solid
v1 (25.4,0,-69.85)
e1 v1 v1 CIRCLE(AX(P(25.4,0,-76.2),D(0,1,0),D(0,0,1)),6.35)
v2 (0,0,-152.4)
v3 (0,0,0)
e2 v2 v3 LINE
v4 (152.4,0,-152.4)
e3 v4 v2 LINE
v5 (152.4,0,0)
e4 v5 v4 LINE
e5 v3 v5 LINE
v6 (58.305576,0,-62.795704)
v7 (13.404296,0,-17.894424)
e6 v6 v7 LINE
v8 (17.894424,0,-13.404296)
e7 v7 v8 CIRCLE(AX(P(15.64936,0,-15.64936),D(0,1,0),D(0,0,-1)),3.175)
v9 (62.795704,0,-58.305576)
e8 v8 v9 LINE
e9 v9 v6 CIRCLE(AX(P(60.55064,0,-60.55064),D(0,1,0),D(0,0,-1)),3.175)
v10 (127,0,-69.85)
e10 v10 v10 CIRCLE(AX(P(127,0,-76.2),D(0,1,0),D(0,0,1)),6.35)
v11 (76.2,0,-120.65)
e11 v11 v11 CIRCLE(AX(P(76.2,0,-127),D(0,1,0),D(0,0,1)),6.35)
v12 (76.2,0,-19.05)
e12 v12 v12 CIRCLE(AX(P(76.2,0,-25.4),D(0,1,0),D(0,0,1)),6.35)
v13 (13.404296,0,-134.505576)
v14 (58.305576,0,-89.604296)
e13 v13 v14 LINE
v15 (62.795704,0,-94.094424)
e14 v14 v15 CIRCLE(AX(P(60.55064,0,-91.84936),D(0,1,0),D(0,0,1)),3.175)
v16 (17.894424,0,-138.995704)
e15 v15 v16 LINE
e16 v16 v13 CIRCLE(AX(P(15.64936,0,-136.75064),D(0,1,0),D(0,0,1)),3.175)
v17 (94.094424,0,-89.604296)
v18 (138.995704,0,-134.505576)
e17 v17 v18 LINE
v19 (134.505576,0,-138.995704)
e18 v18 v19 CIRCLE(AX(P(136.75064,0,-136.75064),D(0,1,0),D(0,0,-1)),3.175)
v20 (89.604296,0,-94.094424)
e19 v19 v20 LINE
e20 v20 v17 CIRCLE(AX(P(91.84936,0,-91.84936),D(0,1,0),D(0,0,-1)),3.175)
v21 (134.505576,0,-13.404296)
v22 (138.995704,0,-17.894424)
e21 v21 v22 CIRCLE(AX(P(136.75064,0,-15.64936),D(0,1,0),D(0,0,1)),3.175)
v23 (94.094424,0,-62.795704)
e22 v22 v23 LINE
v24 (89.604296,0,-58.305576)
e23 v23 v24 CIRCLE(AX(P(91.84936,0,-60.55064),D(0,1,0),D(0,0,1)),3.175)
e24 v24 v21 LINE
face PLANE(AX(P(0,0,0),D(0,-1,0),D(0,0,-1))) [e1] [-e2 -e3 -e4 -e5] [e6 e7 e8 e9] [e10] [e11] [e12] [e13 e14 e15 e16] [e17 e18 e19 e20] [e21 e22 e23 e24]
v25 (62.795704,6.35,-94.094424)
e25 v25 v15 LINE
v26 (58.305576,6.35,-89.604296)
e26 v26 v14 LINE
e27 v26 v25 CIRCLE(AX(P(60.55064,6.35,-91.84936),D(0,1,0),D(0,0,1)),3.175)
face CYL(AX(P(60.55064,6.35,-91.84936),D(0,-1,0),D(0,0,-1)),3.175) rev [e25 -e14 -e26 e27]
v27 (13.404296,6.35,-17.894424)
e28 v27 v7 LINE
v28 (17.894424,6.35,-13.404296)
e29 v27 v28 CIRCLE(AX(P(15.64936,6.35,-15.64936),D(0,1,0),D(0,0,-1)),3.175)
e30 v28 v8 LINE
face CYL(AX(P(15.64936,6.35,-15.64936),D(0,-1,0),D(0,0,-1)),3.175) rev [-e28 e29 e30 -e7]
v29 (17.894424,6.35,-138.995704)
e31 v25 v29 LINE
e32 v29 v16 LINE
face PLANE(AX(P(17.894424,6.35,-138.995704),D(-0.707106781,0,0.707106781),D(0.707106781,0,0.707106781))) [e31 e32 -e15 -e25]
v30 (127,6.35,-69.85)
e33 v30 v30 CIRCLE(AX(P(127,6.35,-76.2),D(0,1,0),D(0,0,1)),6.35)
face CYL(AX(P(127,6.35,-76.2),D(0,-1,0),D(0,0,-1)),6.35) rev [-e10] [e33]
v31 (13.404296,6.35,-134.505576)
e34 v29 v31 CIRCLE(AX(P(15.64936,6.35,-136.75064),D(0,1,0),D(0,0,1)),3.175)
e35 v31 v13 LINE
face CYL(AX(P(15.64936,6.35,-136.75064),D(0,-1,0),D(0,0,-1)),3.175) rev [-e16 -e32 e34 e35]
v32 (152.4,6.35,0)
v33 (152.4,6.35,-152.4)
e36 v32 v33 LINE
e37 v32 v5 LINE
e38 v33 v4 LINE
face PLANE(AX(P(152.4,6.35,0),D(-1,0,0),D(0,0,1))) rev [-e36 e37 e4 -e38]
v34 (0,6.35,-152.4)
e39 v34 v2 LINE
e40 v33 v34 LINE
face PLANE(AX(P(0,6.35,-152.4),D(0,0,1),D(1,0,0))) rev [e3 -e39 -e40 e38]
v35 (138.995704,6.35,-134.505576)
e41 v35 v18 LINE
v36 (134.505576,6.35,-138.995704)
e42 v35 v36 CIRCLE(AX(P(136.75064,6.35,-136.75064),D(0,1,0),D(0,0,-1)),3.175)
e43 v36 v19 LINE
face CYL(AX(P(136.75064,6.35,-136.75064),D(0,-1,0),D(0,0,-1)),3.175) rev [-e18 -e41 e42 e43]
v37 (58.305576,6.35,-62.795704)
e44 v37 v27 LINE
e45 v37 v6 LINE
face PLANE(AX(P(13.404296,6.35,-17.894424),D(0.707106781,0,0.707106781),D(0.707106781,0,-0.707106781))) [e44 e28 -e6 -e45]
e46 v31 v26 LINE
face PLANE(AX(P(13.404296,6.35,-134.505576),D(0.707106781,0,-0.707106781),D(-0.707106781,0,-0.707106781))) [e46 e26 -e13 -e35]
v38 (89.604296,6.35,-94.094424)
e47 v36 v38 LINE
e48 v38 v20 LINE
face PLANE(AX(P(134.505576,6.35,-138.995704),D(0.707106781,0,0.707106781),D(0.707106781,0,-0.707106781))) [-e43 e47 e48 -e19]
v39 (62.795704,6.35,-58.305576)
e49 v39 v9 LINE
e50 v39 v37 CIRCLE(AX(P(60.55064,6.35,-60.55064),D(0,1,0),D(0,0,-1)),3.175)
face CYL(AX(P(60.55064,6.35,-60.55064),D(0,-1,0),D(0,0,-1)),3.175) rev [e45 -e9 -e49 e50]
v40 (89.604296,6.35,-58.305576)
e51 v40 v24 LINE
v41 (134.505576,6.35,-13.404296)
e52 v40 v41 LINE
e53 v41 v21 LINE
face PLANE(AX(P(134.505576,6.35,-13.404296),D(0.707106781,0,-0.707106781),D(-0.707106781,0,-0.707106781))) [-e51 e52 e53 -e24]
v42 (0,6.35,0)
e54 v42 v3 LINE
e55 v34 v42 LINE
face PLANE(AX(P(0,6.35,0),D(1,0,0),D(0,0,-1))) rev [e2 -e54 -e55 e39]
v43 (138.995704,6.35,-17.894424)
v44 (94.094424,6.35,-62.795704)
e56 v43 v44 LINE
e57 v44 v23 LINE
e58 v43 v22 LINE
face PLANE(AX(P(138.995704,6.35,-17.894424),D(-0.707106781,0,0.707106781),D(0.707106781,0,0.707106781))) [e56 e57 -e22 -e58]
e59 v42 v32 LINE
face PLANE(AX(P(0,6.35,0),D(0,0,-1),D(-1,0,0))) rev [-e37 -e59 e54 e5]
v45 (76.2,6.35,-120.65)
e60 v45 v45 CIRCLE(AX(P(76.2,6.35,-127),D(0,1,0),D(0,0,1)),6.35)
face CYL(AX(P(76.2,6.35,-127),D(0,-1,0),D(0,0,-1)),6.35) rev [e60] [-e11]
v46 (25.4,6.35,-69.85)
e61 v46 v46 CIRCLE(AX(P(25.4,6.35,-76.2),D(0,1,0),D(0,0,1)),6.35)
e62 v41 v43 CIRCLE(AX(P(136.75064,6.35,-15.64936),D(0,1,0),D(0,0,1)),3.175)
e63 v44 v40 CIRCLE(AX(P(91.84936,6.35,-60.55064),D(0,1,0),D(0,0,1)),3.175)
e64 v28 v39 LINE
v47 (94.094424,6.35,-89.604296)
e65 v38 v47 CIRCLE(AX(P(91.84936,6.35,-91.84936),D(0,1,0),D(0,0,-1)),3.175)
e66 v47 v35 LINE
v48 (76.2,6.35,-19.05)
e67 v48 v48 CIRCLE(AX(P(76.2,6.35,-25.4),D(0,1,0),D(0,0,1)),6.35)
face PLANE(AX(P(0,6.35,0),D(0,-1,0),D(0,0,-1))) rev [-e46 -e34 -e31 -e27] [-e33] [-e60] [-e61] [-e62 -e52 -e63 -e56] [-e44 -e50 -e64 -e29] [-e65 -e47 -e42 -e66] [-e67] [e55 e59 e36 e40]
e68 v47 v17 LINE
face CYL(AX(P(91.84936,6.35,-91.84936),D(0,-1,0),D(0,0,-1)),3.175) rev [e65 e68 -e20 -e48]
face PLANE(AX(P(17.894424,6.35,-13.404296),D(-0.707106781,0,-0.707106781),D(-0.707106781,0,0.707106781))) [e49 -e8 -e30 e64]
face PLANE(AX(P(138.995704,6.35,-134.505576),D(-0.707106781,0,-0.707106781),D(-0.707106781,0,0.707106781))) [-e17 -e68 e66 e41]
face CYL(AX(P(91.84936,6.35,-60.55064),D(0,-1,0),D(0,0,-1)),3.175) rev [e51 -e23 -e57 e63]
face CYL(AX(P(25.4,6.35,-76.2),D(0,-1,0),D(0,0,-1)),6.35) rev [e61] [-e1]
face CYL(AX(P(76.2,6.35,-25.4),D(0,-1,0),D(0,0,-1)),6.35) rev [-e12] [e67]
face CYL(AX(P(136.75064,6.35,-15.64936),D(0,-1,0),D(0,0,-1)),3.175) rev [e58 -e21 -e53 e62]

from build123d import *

# Parameters (mm, degrees)
SKETCH1_W           = 152.4
SKETCH1_H           = 152.4
SKETCH1_R           = 6.35
BOSS_EXTRUDE1_DEPTH = 6.35


with BuildPart() as part:
    # Sketch1 → Boss-Extrude1 (new body)
    with BuildSketch(Plane(origin=(0, 0, 0), x_dir=(1, 0, 0), z_dir=(0, 1, 0))):
        with Locations((76.2, 76.2)):
            Rectangle(SKETCH1_W, SKETCH1_H)
        with Locations(Location((25.4, 76.2, 0), (0, 0, 270))):
            Circle(SKETCH1_R, mode=Mode.SUBTRACT)
        with Locations(Location((76.2, 127, 0), (0, 0, 270))):
            Circle(SKETCH1_R, mode=Mode.SUBTRACT)
        with Locations(Location((127, 76.2, 0), (0, 0, 270))):
            Circle(SKETCH1_R, mode=Mode.SUBTRACT)
        with Locations(Location((76.2, 25.4, 0), (0, 0, 270))):
            Circle(SKETCH1_R, mode=Mode.SUBTRACT)
        with BuildLine():
            Line((17.894423728, 138.995704333), (62.795704333, 94.094423728))
            ThreePointArc((62.795704333, 94.094423728), (62.795704333, 89.604295667), (58.305576272, 89.604295667))
            Line((58.305576272, 89.604295667), (13.404295667, 134.505576272))
            ThreePointArc((13.404295667, 134.505576272), (13.404295667, 138.995704333), (17.894423728, 138.995704333))
        make_face(mode=Mode.SUBTRACT)
        with BuildLine():
            Line((134.505576272, 138.995704333), (89.604295667, 94.094423728))
            ThreePointArc((89.604295667, 94.094423728), (89.604295667, 89.604295667), (94.094423728, 89.604295667))
            Line((94.094423728, 89.604295667), (138.995704333, 134.505576272))
            ThreePointArc((138.995704333, 134.505576272), (138.995704333, 138.995704333), (134.505576272, 138.995704333))
        make_face(mode=Mode.SUBTRACT)
        with BuildLine():
            Line((134.505576272, 13.404295667), (89.604295667, 58.305576272))
            ThreePointArc((89.604295667, 58.305576272), (89.604295667, 62.795704333), (94.094423728, 62.795704333))
            Line((94.094423728, 62.795704333), (138.995704333, 17.894423728))
            ThreePointArc((138.995704333, 17.894423728), (138.995704333, 13.404295667), (134.505576272, 13.404295667))
        make_face(mode=Mode.SUBTRACT)
        with BuildLine():
            Line((17.894423728, 13.404295667), (62.795704333, 58.305576272))
            ThreePointArc((62.795704333, 58.305576272), (62.795704333, 62.795704333), (58.305576272, 62.795704333))
            Line((58.305576272, 62.795704333), (13.404295667, 17.894423728))
            ThreePointArc((13.404295667, 17.894423728), (13.404295667, 13.404295667), (17.894423728, 13.404295667))
        make_face(mode=Mode.SUBTRACT)
    extrude(amount=BOSS_EXTRUDE1_DEPTH)


solid = part.part
